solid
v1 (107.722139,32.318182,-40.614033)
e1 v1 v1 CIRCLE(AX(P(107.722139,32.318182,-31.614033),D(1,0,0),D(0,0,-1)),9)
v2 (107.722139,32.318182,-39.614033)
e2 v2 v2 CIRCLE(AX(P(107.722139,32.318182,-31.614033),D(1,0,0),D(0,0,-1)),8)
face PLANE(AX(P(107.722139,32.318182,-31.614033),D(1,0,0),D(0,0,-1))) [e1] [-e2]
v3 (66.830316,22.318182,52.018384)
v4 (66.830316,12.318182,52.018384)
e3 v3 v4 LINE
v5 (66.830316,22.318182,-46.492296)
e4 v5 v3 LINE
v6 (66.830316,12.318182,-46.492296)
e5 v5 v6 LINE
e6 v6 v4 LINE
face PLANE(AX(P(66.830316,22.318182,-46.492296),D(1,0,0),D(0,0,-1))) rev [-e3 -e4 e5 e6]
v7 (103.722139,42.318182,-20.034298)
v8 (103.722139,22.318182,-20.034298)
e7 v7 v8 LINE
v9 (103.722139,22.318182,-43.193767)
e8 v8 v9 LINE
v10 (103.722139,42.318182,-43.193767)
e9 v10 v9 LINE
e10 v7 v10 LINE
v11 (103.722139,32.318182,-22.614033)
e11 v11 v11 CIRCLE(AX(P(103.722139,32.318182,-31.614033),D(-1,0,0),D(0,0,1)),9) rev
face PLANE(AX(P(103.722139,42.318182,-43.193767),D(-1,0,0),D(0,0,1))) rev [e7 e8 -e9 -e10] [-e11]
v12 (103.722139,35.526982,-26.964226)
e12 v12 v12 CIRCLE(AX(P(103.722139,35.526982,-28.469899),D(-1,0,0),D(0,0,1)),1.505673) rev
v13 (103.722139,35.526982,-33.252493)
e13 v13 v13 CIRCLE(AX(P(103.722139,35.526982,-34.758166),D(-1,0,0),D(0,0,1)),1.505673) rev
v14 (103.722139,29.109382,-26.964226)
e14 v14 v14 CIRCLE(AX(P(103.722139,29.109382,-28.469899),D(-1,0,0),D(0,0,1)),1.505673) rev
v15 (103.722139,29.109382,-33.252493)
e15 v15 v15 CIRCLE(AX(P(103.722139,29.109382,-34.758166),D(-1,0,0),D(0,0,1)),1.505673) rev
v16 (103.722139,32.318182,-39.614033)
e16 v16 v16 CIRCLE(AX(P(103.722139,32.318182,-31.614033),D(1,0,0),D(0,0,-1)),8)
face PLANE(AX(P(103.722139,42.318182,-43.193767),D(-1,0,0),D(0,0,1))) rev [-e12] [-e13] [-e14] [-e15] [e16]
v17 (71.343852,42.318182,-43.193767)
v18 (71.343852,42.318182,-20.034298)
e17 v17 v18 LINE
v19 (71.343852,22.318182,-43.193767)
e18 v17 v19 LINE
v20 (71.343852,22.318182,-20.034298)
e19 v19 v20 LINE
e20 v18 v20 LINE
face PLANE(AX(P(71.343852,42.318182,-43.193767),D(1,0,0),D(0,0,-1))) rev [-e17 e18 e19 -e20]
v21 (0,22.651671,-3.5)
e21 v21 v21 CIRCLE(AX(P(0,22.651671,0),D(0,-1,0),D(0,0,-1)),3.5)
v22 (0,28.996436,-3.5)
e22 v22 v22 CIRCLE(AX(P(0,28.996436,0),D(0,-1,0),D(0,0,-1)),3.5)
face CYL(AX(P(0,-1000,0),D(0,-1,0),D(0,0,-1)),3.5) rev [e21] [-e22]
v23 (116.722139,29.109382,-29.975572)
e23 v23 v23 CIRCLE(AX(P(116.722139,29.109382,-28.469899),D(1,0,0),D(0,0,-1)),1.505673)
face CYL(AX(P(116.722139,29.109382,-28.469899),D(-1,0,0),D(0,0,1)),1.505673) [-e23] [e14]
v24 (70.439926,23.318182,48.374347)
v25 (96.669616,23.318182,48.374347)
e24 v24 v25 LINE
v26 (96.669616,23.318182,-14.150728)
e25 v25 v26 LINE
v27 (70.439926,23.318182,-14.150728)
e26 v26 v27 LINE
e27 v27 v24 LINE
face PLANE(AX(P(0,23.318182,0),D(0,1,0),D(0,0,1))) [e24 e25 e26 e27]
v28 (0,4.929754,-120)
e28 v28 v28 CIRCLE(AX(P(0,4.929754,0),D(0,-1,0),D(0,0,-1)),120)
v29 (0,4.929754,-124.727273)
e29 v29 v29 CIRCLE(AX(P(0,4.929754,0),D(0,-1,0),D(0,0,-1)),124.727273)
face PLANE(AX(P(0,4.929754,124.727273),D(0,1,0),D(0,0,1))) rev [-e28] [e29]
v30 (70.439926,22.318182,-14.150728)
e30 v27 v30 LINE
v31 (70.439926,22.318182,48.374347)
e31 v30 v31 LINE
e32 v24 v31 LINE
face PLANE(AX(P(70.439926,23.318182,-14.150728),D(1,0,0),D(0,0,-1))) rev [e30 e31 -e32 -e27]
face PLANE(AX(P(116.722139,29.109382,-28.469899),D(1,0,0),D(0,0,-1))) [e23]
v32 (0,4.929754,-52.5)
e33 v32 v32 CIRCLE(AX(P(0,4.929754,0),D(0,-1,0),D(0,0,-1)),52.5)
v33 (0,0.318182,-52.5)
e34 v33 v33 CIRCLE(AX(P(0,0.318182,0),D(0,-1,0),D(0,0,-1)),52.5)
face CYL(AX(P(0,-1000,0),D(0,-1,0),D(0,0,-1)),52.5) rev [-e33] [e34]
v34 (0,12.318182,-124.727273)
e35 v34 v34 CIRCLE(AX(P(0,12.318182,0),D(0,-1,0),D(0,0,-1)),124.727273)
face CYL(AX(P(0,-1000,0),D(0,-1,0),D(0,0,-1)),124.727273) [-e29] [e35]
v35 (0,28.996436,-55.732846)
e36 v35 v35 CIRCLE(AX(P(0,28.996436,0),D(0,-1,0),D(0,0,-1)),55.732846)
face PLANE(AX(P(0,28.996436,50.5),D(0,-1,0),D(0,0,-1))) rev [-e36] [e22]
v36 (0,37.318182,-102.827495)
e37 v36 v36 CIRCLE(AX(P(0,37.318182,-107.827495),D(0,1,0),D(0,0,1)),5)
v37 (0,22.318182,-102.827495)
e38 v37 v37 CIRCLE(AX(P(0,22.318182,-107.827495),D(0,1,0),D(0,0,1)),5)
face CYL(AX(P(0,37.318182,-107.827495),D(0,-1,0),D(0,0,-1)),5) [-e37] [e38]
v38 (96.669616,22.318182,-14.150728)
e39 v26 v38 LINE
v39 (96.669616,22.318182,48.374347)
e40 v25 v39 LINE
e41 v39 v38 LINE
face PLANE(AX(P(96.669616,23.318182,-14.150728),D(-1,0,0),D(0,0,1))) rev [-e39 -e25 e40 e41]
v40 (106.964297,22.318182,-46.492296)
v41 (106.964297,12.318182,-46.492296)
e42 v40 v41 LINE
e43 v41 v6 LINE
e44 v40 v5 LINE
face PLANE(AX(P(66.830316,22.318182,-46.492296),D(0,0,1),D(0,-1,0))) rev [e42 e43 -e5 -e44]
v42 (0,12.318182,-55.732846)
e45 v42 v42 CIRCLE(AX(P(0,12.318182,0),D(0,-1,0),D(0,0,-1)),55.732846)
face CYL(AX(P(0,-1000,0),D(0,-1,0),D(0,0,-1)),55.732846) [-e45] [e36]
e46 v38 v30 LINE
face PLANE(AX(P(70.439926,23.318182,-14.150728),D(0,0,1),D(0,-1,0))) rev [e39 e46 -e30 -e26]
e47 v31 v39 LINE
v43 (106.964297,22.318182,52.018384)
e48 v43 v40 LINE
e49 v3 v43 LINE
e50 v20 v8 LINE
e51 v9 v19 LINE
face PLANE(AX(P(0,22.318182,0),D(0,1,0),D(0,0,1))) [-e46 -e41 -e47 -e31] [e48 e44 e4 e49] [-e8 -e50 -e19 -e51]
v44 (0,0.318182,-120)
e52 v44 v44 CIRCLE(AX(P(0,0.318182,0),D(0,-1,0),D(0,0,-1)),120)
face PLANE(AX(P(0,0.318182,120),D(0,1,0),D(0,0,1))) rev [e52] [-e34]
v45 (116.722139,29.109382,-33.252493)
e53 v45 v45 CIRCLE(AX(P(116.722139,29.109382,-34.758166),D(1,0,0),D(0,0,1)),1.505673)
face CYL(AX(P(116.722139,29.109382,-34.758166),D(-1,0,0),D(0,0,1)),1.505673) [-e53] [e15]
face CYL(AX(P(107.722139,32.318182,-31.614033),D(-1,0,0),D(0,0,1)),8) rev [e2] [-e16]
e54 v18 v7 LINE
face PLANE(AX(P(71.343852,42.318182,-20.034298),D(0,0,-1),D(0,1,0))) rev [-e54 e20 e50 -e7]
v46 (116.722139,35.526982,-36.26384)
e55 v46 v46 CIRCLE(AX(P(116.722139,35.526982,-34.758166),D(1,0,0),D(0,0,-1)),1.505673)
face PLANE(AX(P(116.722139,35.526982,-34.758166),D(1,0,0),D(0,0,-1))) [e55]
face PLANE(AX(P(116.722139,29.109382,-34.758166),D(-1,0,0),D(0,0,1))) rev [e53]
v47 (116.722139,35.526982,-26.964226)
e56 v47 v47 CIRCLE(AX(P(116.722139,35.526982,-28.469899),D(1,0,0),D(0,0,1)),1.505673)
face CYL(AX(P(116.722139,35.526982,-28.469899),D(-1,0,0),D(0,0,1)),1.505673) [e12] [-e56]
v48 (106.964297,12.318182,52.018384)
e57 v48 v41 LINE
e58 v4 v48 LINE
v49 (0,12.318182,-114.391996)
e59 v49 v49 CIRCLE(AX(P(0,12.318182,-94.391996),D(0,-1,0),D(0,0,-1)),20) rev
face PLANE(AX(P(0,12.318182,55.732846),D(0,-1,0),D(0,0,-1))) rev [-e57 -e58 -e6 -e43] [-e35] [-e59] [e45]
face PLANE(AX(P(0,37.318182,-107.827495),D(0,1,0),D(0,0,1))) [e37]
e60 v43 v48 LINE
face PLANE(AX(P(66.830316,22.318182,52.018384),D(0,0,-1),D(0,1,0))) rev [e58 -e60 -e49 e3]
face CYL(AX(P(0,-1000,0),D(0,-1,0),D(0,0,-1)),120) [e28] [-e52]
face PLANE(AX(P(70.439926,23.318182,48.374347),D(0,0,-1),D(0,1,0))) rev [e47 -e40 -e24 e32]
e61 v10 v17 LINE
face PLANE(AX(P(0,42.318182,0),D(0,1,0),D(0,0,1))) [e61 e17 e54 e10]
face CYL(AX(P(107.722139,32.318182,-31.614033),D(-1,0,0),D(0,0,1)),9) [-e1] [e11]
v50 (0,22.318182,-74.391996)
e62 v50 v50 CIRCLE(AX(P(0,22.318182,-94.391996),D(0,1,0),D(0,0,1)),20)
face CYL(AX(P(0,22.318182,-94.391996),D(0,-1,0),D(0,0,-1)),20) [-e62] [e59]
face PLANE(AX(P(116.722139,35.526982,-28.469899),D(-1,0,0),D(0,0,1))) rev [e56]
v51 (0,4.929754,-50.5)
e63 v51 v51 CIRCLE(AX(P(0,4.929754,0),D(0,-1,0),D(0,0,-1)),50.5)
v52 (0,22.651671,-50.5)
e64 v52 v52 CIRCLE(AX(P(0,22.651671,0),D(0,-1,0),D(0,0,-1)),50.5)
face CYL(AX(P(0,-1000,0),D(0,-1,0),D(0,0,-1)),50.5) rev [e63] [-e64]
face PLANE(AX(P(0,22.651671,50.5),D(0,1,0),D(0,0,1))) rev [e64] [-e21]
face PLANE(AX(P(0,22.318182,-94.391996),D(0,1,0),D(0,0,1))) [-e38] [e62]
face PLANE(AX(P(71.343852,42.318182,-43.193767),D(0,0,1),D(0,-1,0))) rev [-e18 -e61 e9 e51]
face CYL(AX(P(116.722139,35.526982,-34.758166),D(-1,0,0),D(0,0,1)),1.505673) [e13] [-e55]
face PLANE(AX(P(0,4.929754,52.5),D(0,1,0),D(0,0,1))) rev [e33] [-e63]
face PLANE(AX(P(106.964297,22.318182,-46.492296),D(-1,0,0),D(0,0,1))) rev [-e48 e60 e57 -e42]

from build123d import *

# Parameters (mm, degrees)
SKETCH2_R           = 20
SKETCH2_W           = 40.133980871
SKETCH2_H           = 98.510680321
BOSS_EXTRUDE1_DEPTH = 10
SKETCH3_W           = 26.229690347
SKETCH3_H           = 62.525074854
BOSS_EXTRUDE2_DEPTH = 1
SKETCH4_R           = 5
BOSS_EXTRUDE3_DEPTH = 15
SKETCH5_W           = 32.37828677
SKETCH5_H           = 23.159469009
BOSS_EXTRUDE4_DEPTH = 20
SKETCH6_R           = 9
SKETCH6_R_2         = 8
BOSS_EXTRUDE5_DEPTH = 4
SKETCH7_R           = 1.505673325
BOSS_EXTRUDE6_DEPTH = 13


with BuildPart() as part:
    # Sketch1 → Revolve2 (revolve)
    with BuildSketch(Plane(origin=(0, 0, 0), x_dir=(0, 0, -1), z_dir=(1, 0, 0)), mode=Mode.PRIVATE) as revolve2_sk:
        Polygon((-124.727272727, 4.929753727), (-120, 4.929753727), (-120, 0.318181818), (-52.5, 0.318181818), (-52.5, 4.929753727), (-50.5, 4.929753727), (-50.5, 12.318181818), (-50.5, 22.651670955), (-3.5, 22.651670955), (-3.5, 28.996436074), (-50.5, 28.996436074), (-55.732846455, 28.996436074), (-55.732846455, 12.318181818), (-124.727272727, 12.318181818), align=None)
    revolve(revolve2_sk.sketch.rotate(Axis((0, -1000, 0), (0, 1, 0)), 180), axis=Axis((0, -1000, 0), (0, 1, 0)))

    # Sketch2 → Boss-Extrude1 (add)
    with BuildSketch(Plane(origin=(0, 12.318181818, 0), x_dir=(1, 0, 0), z_dir=(0, 1, 0))):
        with Locations(Location((0, 94.391996497, 0), (0, 0, 90))):
            Circle(SKETCH2_R)
        with Locations((86.897306122, -2.763043919)):
            Rectangle(SKETCH2_W, SKETCH2_H)
    extrude(amount=BOSS_EXTRUDE1_DEPTH)

    # Sketch3 → Boss-Extrude2 (add)
    with BuildSketch(Plane(origin=(0, 22.318181818, 0), x_dir=(1, 0, 0), z_dir=(0, 1, 0))):
        with Locations((83.554770675, -17.111809319)):
            Rectangle(SKETCH3_W, SKETCH3_H)
    extrude(amount=BOSS_EXTRUDE2_DEPTH)

    # Sketch4 → Boss-Extrude3 (add)
    with BuildSketch(Plane(origin=(0, 22.318181818, 0), x_dir=(1, 0, 0), z_dir=(0, 1, 0))):
        with Locations(Location((0, 107.827495102, 0), (0, 0, 270))):
            Circle(SKETCH4_R)
    extrude(amount=BOSS_EXTRUDE3_DEPTH)

    # Sketch5 → Boss-Extrude4 (add)
    with BuildSketch(Plane(origin=(0, 22.318181818, 0), x_dir=(1, 0, 0), z_dir=(0, 1, 0))):
        with Locations((87.532995765, 31.614032761)):
            Rectangle(SKETCH5_W, SKETCH5_H)
    extrude(amount=BOSS_EXTRUDE4_DEPTH)

    # Sketch6 → Boss-Extrude5 (add)
    with BuildSketch(Plane(origin=(103.72213915, 0, 0), x_dir=(0, 0, -1), z_dir=(1, 0, 0))):
        with Locations(Location((31.614032762, 32.318181818, 0), (0, 0, 180))):
            Circle(SKETCH6_R)
        with Locations((31.614032762, 32.318181818)):
            Circle(SKETCH6_R_2, mode=Mode.SUBTRACT)
    extrude(amount=BOSS_EXTRUDE5_DEPTH)

    # Sketch7 → Boss-Extrude6 (add)
    with BuildSketch(Plane(origin=(103.72213915, 0, 0), x_dir=(0, 0, -1), z_dir=(1, 0, 0))):
        with Locations(Location((34.758166352, 35.526981806, 0), (0, 0, 180))):
            Circle(SKETCH7_R)
        with Locations(Location((28.469899171, 35.526981806, 0), (0, 0, 180))):
            Circle(SKETCH7_R)
        with Locations(Location((34.758166352, 29.10938183, 0), (0, 0, 180))):
            Circle(SKETCH7_R)
        with Locations(Location((28.469899171, 29.10938183, 0), (0, 0, 180))):
            Circle(SKETCH7_R)
    extrude(amount=BOSS_EXTRUDE6_DEPTH)


solid = part.part
